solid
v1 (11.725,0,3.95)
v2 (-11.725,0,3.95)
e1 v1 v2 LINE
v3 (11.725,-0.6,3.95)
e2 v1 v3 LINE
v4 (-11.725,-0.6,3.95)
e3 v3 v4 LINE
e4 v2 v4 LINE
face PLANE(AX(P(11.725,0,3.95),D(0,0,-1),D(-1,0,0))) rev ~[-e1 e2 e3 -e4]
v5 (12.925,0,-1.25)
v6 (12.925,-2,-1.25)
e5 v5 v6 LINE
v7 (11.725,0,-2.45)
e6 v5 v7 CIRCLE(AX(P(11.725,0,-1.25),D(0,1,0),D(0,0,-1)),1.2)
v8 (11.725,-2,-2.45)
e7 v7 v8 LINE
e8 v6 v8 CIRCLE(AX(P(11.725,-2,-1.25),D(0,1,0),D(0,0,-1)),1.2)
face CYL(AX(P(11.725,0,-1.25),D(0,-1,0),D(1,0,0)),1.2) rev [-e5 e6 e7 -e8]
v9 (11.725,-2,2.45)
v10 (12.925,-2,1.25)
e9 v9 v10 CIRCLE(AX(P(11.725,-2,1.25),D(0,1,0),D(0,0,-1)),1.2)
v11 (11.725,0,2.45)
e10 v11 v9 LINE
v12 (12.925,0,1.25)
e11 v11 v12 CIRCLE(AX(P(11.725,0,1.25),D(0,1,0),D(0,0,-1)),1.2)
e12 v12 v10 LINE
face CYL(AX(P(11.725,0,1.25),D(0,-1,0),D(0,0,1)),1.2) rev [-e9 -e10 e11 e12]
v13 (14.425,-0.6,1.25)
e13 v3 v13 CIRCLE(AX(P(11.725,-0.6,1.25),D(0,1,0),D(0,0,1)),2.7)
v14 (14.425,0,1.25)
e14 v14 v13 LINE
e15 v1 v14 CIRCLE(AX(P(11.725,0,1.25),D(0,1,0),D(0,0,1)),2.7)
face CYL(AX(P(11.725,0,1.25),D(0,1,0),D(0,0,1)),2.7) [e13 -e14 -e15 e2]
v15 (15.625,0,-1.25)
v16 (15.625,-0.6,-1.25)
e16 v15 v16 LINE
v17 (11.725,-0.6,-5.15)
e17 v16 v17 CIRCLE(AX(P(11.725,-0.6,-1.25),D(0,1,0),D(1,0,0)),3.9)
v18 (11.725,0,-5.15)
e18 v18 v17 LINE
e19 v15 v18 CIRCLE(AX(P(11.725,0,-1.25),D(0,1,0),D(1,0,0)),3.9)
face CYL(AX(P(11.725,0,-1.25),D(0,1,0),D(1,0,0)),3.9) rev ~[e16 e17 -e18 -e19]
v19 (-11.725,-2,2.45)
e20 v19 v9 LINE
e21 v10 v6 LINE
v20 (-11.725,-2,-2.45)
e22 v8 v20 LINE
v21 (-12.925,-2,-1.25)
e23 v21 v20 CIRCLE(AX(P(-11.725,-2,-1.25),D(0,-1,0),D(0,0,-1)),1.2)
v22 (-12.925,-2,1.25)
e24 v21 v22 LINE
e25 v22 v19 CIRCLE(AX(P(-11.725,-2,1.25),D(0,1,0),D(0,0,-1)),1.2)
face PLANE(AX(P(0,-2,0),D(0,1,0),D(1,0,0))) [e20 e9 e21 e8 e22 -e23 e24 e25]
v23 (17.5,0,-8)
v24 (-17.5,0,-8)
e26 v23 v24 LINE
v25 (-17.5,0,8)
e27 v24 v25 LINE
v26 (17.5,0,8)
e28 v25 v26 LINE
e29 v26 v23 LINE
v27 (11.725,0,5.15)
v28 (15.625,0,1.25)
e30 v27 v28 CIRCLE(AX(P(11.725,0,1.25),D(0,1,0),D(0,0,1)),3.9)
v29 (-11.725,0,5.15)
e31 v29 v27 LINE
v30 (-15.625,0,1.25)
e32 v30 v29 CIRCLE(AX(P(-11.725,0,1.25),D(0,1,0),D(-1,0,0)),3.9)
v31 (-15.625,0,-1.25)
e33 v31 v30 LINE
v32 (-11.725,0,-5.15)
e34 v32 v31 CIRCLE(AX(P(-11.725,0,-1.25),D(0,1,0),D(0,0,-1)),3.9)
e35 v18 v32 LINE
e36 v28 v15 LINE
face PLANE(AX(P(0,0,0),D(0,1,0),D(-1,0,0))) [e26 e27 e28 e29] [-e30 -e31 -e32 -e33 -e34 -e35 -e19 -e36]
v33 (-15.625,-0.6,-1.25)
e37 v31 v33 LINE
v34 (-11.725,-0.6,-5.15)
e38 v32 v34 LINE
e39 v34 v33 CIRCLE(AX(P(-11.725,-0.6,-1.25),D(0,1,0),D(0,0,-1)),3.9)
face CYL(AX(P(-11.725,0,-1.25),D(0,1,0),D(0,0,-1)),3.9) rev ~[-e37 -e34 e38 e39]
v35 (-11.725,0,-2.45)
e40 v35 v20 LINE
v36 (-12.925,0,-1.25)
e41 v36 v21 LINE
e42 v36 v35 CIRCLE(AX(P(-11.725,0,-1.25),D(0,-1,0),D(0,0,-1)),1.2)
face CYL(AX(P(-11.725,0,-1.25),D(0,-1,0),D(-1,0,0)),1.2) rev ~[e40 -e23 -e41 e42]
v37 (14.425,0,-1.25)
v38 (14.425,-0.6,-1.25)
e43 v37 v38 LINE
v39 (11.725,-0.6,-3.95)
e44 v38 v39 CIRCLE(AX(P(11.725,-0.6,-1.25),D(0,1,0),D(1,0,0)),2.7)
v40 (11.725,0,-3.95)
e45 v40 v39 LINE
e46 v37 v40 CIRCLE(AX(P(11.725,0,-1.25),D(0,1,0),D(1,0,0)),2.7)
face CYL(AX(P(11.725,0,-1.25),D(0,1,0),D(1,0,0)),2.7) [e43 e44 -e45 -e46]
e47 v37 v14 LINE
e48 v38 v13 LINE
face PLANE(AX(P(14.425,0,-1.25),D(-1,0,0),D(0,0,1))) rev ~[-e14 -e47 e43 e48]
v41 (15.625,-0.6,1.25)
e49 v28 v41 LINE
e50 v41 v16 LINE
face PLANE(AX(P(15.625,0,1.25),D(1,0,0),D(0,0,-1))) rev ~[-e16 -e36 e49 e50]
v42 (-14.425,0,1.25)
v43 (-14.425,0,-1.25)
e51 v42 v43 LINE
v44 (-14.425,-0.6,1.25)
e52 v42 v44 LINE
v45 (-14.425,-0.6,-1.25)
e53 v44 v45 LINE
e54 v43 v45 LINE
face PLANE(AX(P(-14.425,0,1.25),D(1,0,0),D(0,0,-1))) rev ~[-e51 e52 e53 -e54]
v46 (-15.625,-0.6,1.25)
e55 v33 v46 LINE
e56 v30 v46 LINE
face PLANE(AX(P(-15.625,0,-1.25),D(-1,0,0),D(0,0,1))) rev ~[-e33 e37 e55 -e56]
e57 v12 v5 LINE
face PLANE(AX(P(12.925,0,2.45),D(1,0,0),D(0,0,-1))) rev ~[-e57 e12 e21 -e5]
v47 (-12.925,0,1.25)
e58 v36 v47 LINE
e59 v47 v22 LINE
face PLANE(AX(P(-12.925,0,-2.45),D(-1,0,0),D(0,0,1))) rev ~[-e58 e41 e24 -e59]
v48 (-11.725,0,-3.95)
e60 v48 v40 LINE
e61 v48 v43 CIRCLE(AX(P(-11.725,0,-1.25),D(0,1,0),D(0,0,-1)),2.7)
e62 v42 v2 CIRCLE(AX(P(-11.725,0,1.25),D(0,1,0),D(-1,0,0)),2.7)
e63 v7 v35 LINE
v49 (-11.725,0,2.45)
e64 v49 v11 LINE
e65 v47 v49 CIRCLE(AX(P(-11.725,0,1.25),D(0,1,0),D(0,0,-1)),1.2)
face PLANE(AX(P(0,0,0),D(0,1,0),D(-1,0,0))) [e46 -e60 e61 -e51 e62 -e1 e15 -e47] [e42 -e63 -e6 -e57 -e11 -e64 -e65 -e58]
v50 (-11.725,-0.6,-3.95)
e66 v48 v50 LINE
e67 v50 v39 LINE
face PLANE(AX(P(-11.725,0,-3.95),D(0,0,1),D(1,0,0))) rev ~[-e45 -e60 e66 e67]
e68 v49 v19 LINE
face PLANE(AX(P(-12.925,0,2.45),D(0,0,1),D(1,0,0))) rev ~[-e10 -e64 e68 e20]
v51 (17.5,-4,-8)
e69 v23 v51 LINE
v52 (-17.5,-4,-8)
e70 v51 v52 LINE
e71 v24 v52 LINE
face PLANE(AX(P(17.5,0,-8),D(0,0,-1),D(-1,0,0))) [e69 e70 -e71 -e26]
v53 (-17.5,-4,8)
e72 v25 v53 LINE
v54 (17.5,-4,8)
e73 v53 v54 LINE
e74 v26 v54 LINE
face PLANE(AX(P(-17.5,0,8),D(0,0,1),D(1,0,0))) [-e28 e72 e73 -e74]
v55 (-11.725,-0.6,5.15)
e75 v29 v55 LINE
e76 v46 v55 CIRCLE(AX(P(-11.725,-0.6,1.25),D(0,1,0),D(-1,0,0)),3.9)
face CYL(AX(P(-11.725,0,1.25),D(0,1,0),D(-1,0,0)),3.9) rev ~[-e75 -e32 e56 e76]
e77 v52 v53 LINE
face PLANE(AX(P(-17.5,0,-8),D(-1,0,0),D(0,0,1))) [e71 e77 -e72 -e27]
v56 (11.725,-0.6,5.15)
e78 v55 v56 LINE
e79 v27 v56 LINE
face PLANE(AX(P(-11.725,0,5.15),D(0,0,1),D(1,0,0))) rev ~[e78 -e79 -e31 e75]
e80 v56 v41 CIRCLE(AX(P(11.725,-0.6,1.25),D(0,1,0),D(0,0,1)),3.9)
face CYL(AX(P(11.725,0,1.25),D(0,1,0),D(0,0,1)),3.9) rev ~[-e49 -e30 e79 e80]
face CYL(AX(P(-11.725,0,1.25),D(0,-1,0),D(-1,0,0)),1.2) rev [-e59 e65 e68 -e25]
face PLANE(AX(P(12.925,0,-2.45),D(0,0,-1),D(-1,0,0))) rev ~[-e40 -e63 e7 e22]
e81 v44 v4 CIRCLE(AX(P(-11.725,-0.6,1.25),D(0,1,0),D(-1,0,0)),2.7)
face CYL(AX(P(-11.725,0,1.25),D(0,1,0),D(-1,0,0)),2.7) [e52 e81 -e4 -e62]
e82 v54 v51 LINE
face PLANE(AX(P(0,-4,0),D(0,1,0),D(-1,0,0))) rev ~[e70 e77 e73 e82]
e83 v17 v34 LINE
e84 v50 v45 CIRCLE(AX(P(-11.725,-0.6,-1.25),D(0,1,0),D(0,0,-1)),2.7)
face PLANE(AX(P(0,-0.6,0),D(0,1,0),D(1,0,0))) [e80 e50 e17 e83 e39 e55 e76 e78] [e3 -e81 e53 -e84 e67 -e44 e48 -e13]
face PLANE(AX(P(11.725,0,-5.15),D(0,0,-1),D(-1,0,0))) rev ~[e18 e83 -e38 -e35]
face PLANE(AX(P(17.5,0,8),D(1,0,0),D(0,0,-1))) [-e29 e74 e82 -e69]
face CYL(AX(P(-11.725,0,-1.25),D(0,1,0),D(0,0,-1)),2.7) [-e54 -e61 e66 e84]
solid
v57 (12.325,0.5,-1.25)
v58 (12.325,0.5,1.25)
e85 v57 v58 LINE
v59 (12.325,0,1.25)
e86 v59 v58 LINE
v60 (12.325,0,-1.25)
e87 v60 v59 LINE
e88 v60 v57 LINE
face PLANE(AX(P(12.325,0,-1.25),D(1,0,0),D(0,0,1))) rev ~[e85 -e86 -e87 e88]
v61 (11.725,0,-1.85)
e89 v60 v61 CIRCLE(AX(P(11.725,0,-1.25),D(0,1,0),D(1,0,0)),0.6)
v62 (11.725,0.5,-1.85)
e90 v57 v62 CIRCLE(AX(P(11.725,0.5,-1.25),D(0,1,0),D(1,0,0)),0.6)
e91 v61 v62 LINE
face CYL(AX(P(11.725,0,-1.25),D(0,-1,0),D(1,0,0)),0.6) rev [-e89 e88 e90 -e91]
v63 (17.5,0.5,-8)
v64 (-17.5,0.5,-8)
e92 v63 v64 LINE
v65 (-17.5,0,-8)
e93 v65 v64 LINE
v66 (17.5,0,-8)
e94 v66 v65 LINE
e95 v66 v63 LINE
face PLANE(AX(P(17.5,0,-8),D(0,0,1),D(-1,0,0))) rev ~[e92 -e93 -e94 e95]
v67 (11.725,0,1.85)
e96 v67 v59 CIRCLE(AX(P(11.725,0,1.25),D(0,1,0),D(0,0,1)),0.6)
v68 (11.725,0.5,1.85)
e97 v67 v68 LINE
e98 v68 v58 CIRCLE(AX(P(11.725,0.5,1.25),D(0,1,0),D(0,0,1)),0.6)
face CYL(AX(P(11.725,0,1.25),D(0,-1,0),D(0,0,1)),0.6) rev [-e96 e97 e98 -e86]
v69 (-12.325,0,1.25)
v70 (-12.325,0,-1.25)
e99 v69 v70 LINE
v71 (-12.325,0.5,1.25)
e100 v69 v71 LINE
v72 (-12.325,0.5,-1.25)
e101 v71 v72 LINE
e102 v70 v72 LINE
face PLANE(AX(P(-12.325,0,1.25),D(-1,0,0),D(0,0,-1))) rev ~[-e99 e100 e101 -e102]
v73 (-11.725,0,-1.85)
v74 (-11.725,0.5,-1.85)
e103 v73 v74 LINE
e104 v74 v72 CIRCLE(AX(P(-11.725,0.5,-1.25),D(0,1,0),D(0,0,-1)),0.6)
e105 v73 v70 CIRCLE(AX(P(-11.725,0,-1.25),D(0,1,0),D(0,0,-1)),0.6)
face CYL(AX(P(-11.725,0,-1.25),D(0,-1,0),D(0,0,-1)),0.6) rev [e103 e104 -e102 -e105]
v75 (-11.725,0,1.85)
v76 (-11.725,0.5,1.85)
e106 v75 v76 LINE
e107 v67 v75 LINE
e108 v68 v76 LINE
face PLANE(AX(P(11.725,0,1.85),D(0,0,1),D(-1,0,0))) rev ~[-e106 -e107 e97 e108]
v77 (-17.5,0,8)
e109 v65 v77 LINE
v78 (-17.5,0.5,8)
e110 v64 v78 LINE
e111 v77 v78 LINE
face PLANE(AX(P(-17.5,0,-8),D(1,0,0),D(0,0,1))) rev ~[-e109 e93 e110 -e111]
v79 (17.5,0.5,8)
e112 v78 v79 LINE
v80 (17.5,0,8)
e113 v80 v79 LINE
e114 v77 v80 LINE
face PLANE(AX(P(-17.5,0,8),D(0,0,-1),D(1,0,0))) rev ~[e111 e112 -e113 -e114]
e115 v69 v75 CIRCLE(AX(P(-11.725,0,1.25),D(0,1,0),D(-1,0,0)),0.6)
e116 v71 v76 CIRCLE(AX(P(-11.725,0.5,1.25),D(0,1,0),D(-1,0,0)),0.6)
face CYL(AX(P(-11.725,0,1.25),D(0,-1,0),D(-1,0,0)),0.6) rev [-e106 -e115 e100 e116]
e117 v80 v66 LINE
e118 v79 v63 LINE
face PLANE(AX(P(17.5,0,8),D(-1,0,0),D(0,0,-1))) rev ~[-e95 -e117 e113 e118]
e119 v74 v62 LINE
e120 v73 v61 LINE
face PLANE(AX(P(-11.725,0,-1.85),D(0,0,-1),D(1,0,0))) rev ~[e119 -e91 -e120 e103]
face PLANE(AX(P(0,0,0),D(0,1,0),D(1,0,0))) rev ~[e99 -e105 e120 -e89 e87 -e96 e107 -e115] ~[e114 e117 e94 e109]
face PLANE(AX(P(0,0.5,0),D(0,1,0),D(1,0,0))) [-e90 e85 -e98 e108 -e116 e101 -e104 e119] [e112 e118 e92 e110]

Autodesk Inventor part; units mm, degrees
ref_plane "XZ Plane" through (0, 0, 0) normal (0, 1, 0) x (-1, 0, 0)
sketch "Sketch1" plane through (0, 0, 0) normal (0, 1, 0) x (-1, 0, 0)
  line L0 (13.925, -3.65) -> (-13.925, -3.65)
  line L1 (-13.925, -3.65) -> (-13.925, 3.65)
  line L2 (-13.925, 3.65) -> (13.925, 3.65)
  line L3 (13.925, 3.65) -> (13.925, -3.65)
  line L4 (13.925, -3.65) -> (-13.925, 3.65) construction
  line L5 (-13.925, -3.65) -> (13.925, 3.65) construction
  line L6 (11.725, -1.25) -> (-11.725, -1.25)
  line L7 (-11.725, -1.25) -> (-11.725, 1.25)
  line L8 (-11.725, 1.25) -> (11.725, 1.25)
  line L9 (11.725, 1.25) -> (11.725, -1.25)
  line L10 (11.725, -1.25) -> (-11.725, 1.25) construction
  line L11 (-11.725, -1.25) -> (11.725, 1.25) construction
  line L12 (11.725, -1.25) -> (11.725, -3.65) construction
  line L13 (11.725, 1.25) -> (11.725, 3.65) construction
  line L14 (11.725, -1.25) -> (13.925, -1.25) construction
  line L15 (-11.725, -1.25) -> (-13.925, -1.25) construction
  line L16 (11.725, 0) -> (-11.725, 0) construction
  point P0 (0, 0)
  point P1 (0, 0)
  point P2 (0, 0)
  point P3 (0, 0)
  dimension "d0" = 27.85
  dimension "d1" = 7.3
  dimension "d2" = 2.4
  dimension "d3" = 2.4
  dimension "d4" = 2.5
  dimension "d5" = 2.2
  dimension "d6" = 23.45
sketch "Sketch2" plane through (0, 0, 0) normal (0, 1, 0) x (-1, 0, 0)
  line L0 (17.5, 8) -> (-17.5, 8)
  line L1 (-17.5, 8) -> (-17.5, -8)
  line L2 (-17.5, -8) -> (17.5, -8)
  line L3 (17.5, -8) -> (17.5, 8)
  line L4 (17.5, 8) -> (-17.5, -8) construction
  point P0 (0, 0)
  point P1 (0, 0)
  dimension "d7" = 35
  dimension "d8" = 16
extrude "Extrusion1" add sketch "Sketch2" against normal blind 4
sketch "Sketch5" plane through (0, 0, 0) normal (0, 1, 0) x (1, 0, 0)
  line L0 (-12.925, -2.45) -> (12.925, -2.45)
  line L1 (12.925, -2.45) -> (12.925, 2.45)
  line L2 (12.925, 2.45) -> (-12.925, 2.45)
  line L3 (-12.925, 2.45) -> (-12.925, -2.45)
  line L4 (-12.925, -2.45) -> (12.925, 2.45) construction
  line L5 (11.725, -1.25) -> (-11.725, -1.25) construction
  line L6 (-11.725, 1.25) -> (11.725, 1.25) construction
  line L7 (41.3, 0) -> (-41.3, 0) construction
  line L8 (0, 14) -> (0, -14) construction
  point P0 (0, 0)
  point P1 (0, 0)
  dimension "d11" = 1.2
  dimension "d12" = 1.2
extrude "Extrusion2" cut sketch "Sketch5" against normal blind 2
fillet "Fillet1" radius 1.2 4 edges at (12.925, -1, 2.45) (-12.925, -1, 2.45) (-12.925, -1, -2.45) (12.925, -1, -2.45)
sketch "Sketch6" plane through (0, 0, 0) normal (0, 1, 0) x (1, 0, 0)
  arc A0 (12.925, 1.25) -> (11.725, 2.45) centre (11.725, 1.25) ccw projected
  line L0 (-11.725, 2.45) -> (11.725, 2.45) projected
  arc A1 (-11.725, 2.45) -> (-12.925, 1.25) centre (-11.725, 1.25) ccw projected
  line L1 (-12.925, -1.25) -> (-12.925, 1.25) projected
  arc A2 (-12.925, -1.25) -> (-11.725, -2.45) centre (-11.725, -1.25) ccw projected
  line L2 (11.725, -2.45) -> (-11.725, -2.45) projected
  arc A3 (11.725, -2.45) -> (12.925, -1.25) centre (11.725, -1.25) ccw projected
  line L3 (12.925, 1.25) -> (12.925, -1.25) projected
  arc A4 (14.425, 1.25) -> (11.725, 3.95) centre (11.725, 1.25) ccw
  line L4 (14.425, 1.25) -> (14.425, -1.25)
  arc A5 (11.725, -3.95) -> (14.425, -1.25) centre (11.725, -1.25) ccw
  line L5 (11.725, -3.95) -> (-11.725, -3.95)
  arc A6 (-14.425, -1.25) -> (-11.725, -3.95) centre (-11.725, -1.25) ccw
  line L6 (-14.425, -1.25) -> (-14.425, 1.25)
  arc A7 (-11.725, 3.95) -> (-14.425, 1.25) centre (-11.725, 1.25) ccw
  line L7 (-11.725, 3.95) -> (11.725, 3.95)
  line L8 (-15.625, 1.25) -> (-15.625, -1.25)
  arc A8 (-15.625, -1.25) -> (-11.725, -5.15) centre (-11.725, -1.25) ccw
  line L9 (-11.725, -5.15) -> (11.725, -5.15)
  arc A9 (11.725, -5.15) -> (15.625, -1.25) centre (11.725, -1.25) ccw
  line L10 (15.625, -1.25) -> (15.625, 1.25)
  arc A10 (15.625, 1.25) -> (11.725, 5.15) centre (11.725, 1.25) ccw
  line L11 (11.725, 5.15) -> (-11.725, 5.15)
  arc A11 (-11.725, 5.15) -> (-15.625, 1.25) centre (-11.725, 1.25) ccw
  point P0 (0, 0)
  dimension "d16" = 1.5
  dimension "d17" = 1.2
extrude "Extrusion3" cut sketch "Sketch6" against normal blind 0.6 contours A11 L11 A10 L10 A9 L9 A8 L8
sketch "Sketch7" plane through (0, 0, 0) normal (0, 1, 0) x (1, 0, 0)
  line L0 (-29.5, -10) -> (29.5, -10)
  line L1 (29.5, -10) -> (29.5, 10)
  line L2 (29.5, 10) -> (-29.5, 10)
  line L3 (-29.5, 10) -> (-29.5, -10)
  line L4 (-41.3, 0) -> (41.3, 0) construction
  line L5 (0, 14) -> (0, -14) construction
  line L6 (-17.5, 8) -> (-17.5, -8) construction
  line L7 (17.5, 8) -> (-17.5, 8) construction
  point P0 (0, 0)
  dimension "d20" = 12
  dimension "d21" = 2
sketch "Sketch9" plane through (0, 0, 0) normal (0, 1, 0) x (1, 0, 0)
  arc A0 (12.925, 1.25) -> (11.725, 2.45) centre (11.725, 1.25) ccw construction
  line L0 (-11.725, 2.45) -> (11.725, 2.45) construction
  arc A1 (-11.725, 2.45) -> (-12.925, 1.25) centre (-11.725, 1.25) ccw construction
  line L1 (-12.925, -1.25) -> (-12.925, 1.25) construction
  arc A2 (-12.925, -1.25) -> (-11.725, -2.45) centre (-11.725, -1.25) ccw construction
  line L2 (11.725, -2.45) -> (-11.725, -2.45) construction
  arc A3 (11.725, -2.45) -> (12.925, -1.25) centre (11.725, -1.25) ccw construction
  line L3 (12.925, 1.25) -> (12.925, -1.25) construction
  arc A4 (-12.325, -1.25) -> (-11.725, -1.85) centre (-11.725, -1.25) ccw
  line L4 (-12.325, -1.25) -> (-12.325, 1.25)
  arc A5 (-11.725, 1.85) -> (-12.325, 1.25) centre (-11.725, 1.25) ccw
  line L5 (-11.725, 1.85) -> (11.725, 1.85)
  arc A6 (12.325, 1.25) -> (11.725, 1.85) centre (11.725, 1.25) ccw
  line L6 (12.325, 1.25) -> (12.325, -1.25)
  arc A7 (11.725, -1.85) -> (12.325, -1.25) centre (11.725, -1.25) ccw
  line L7 (11.725, -1.85) -> (-11.725, -1.85)
  line L8 (-17.5, 8) -> (-17.5, -8) projected
  line L9 (-17.5, -8) -> (17.5, -8) projected
  line L10 (17.5, 8) -> (-17.5, 8) projected
  line L11 (17.5, -8) -> (17.5, 8) projected
  point P0 (0, 0)
  dimension "d51" = 0.6
extrude "Extrusion10" add sketch "Sketch9" along normal blind 0.5 separate body
ref_plane "TopLayer" through (0, 0, 0) normal (0, 1, 0) x (1, 0, 0)
ref_plane "BottomLayer" through (0, -4, 0) normal (0, -1, 0) x (1, 0, 0)
equation "\"d12\" = d11"
properties part number "Capping_Insert"
